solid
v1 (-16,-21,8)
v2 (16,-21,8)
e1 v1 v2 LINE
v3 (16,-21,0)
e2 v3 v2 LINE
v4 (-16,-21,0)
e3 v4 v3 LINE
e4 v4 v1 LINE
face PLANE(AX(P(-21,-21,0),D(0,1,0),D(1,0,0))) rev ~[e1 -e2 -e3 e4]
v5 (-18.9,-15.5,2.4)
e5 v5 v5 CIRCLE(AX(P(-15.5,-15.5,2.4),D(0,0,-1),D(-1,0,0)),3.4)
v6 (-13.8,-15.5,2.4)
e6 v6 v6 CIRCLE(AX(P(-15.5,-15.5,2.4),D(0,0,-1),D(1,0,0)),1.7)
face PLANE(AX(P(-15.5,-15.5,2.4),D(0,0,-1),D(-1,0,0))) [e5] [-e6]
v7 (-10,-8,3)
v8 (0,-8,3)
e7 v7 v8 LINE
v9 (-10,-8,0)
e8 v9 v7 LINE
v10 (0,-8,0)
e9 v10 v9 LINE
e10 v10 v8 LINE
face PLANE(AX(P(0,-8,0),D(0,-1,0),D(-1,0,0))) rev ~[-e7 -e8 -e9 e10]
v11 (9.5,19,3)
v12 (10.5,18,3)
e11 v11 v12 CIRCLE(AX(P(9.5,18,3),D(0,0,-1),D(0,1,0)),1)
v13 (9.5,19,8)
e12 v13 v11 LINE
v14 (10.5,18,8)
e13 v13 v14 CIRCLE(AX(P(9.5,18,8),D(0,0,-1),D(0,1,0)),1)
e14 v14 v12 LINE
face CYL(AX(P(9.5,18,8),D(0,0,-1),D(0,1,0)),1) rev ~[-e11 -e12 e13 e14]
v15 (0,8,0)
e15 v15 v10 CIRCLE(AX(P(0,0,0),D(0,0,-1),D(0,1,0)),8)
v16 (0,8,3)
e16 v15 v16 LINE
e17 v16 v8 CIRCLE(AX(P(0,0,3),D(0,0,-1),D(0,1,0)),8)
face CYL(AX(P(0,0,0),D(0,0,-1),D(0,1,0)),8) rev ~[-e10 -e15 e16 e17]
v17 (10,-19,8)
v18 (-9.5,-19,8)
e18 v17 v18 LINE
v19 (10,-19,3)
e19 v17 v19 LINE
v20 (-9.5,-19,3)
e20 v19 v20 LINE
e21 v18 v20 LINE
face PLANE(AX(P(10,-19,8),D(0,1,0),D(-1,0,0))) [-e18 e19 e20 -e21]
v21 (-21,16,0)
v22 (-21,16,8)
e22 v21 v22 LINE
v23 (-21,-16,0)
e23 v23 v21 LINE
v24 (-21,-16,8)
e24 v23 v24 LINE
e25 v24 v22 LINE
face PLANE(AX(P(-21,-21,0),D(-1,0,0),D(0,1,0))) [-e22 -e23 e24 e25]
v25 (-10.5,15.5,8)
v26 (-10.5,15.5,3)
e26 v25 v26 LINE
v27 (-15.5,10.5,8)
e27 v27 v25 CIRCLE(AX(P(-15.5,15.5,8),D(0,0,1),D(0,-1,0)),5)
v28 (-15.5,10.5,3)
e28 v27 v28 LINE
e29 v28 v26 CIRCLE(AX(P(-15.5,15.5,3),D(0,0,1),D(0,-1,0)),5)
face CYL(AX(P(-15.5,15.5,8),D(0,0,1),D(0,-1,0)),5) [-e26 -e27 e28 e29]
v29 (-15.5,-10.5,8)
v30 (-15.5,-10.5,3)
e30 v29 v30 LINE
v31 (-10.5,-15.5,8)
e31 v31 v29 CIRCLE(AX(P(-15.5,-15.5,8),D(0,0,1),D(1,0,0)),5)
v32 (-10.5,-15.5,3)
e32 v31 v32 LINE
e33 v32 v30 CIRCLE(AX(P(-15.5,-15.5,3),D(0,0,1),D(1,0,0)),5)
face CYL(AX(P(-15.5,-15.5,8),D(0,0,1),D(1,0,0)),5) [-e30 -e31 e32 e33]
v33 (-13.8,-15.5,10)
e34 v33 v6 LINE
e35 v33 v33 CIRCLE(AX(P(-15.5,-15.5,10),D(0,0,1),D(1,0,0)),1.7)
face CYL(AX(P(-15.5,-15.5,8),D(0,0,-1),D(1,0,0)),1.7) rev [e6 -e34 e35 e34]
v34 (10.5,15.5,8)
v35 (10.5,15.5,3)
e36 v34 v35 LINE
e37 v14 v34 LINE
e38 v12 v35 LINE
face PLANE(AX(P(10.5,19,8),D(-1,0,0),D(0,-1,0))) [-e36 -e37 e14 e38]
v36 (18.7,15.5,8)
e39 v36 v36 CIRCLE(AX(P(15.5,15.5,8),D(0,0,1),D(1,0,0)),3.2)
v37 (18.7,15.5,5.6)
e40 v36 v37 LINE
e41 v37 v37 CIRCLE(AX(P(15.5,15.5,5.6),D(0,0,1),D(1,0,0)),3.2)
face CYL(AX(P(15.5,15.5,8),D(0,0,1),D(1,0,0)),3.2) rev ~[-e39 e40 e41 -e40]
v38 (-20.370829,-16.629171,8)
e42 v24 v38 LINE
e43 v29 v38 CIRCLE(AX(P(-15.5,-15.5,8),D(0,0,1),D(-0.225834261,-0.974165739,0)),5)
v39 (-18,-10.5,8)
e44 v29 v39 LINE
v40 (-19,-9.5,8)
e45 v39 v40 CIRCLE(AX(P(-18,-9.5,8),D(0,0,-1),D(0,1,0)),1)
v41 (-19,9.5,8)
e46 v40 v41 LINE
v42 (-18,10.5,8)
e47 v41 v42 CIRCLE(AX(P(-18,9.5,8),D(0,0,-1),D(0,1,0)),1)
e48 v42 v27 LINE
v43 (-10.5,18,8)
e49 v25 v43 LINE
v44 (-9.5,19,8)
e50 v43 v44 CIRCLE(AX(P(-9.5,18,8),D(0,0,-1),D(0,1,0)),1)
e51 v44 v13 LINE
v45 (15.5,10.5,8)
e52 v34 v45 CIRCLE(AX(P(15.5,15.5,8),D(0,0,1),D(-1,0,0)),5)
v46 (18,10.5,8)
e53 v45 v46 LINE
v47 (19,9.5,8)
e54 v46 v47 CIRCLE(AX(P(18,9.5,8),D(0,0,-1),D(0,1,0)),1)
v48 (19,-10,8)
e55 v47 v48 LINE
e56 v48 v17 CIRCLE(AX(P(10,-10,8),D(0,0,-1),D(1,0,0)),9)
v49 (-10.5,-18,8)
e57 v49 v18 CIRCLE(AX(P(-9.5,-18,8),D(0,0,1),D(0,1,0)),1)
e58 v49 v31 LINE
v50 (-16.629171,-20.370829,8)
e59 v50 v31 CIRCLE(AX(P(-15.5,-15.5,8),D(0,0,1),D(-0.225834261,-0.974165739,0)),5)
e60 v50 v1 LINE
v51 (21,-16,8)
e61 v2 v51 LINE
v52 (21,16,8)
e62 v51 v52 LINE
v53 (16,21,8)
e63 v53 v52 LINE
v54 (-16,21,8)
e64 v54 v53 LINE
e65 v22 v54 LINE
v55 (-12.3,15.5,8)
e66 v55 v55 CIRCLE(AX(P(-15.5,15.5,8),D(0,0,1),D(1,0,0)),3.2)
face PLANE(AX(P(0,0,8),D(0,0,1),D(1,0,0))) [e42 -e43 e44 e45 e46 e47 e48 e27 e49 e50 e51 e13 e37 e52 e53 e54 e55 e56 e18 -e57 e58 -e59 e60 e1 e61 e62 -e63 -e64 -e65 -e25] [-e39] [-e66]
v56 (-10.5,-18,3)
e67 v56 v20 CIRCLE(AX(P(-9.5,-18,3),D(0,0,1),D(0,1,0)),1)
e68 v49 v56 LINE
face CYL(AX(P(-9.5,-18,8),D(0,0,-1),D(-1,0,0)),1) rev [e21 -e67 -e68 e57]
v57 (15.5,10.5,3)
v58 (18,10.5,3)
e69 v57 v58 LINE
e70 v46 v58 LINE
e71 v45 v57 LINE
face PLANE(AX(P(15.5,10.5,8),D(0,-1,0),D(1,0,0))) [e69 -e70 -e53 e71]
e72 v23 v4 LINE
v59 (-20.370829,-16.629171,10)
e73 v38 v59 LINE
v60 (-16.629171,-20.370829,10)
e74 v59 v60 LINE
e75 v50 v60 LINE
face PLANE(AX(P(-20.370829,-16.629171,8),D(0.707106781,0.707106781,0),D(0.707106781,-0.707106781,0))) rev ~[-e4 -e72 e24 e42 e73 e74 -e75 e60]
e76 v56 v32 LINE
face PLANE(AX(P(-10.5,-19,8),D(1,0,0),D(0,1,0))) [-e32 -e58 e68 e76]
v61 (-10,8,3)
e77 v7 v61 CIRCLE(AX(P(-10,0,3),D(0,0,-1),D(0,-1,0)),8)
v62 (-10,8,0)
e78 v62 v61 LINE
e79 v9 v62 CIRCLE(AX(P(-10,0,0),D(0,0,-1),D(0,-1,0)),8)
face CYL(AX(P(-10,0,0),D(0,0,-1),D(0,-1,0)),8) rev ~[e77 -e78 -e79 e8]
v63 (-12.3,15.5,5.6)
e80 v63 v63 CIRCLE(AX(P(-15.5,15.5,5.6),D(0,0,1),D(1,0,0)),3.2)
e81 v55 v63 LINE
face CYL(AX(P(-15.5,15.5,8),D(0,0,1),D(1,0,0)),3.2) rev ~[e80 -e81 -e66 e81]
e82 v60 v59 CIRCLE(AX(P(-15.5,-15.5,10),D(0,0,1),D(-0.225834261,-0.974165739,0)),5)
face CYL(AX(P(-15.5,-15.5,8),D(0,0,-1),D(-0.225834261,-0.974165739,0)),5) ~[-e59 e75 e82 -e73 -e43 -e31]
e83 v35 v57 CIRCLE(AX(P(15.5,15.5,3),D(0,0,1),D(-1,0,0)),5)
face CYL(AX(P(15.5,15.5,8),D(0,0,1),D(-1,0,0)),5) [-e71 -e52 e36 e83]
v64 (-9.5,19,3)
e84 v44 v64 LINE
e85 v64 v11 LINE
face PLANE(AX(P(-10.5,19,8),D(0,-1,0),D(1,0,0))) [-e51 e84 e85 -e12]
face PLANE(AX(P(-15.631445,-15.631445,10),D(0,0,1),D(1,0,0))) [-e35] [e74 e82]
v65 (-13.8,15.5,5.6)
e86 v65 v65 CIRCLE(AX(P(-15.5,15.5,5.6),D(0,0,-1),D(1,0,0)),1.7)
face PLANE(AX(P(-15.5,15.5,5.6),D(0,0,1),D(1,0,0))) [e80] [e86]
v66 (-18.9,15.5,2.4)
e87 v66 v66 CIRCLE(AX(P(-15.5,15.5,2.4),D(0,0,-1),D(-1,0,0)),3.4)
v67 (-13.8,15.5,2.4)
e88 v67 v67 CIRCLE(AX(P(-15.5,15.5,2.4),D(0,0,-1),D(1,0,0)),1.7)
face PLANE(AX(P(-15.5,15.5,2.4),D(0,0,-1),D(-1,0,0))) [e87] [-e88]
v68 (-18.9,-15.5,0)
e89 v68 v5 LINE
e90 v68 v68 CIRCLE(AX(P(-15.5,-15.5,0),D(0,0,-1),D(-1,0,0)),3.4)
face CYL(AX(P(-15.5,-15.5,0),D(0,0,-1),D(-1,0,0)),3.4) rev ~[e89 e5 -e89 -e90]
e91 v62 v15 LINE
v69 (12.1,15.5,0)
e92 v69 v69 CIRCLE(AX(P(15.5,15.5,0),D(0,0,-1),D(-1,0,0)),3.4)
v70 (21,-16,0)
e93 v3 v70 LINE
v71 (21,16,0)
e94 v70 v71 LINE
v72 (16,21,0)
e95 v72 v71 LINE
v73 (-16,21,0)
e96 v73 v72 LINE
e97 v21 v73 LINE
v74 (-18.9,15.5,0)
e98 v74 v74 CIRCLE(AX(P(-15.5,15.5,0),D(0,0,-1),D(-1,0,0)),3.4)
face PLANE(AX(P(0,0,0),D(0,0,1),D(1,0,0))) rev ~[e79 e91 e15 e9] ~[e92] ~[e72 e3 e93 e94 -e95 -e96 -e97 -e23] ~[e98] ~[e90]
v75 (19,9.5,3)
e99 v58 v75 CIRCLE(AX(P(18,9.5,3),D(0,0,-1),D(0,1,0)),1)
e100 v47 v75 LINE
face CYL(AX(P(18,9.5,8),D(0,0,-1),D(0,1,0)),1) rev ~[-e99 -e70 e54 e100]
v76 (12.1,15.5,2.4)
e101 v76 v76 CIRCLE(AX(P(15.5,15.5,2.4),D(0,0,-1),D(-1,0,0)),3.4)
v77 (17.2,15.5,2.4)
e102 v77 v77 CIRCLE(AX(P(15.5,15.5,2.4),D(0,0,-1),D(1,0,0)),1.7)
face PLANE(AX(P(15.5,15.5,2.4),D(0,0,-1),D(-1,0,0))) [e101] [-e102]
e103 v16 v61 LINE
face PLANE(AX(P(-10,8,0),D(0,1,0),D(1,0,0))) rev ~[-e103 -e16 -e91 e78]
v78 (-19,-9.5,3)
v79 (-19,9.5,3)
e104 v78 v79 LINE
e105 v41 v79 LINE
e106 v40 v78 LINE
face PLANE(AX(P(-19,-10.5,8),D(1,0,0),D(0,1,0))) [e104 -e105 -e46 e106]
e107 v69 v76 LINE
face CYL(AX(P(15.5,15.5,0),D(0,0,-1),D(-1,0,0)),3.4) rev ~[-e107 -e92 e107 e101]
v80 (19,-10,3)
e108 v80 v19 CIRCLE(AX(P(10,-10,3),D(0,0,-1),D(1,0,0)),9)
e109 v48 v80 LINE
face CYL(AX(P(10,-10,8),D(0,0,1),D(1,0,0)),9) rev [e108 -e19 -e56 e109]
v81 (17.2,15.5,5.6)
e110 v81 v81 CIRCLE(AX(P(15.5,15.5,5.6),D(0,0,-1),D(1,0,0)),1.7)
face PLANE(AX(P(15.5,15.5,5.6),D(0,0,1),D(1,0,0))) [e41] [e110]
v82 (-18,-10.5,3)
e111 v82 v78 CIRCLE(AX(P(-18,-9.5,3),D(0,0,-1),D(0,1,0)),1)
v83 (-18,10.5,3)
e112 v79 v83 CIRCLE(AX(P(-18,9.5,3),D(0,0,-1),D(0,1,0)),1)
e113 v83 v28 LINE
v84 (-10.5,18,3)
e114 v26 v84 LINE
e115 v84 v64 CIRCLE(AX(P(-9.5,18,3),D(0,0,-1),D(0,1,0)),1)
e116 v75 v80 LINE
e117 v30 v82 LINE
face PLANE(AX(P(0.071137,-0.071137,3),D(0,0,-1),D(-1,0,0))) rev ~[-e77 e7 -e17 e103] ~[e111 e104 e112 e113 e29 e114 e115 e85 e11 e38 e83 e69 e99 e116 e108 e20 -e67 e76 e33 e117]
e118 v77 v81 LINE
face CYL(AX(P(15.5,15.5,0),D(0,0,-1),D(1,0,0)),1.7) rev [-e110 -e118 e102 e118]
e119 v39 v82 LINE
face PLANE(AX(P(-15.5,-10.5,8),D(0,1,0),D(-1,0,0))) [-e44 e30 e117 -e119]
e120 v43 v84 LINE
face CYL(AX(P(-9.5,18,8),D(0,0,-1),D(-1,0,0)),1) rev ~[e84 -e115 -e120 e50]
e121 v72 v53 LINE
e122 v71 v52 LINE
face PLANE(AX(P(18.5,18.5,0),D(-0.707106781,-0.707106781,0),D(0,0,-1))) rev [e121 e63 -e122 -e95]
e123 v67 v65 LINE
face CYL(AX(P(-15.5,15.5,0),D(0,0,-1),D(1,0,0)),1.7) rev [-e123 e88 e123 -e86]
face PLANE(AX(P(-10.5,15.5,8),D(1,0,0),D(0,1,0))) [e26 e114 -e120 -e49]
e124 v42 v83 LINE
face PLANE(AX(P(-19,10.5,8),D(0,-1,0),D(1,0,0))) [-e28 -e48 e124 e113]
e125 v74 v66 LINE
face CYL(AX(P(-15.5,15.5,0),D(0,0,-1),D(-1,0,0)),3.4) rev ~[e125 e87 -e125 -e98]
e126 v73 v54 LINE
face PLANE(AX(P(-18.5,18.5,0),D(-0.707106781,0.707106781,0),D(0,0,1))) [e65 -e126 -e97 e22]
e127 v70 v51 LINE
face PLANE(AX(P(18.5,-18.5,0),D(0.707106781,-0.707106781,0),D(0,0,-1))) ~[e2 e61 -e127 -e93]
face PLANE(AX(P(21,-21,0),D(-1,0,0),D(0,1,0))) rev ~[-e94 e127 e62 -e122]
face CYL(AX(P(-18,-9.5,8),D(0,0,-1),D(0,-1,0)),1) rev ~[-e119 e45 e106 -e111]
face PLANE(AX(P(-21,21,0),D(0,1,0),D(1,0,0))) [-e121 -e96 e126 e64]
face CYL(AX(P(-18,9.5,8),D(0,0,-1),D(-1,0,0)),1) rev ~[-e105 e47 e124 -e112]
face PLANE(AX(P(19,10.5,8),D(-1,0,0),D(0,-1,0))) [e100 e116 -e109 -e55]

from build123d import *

# Parameters (mm, degrees)
SKETCH_1_W          = 42
SKETCH_1_H          = 42
SKETCH_1_R          = 1.7
EXTRUDE_1_DEPTH     = 8
CHAMFER_1_SIZE      = 5
CUT_EXTRUDE_1_DEPTH = 5
SKETCH_3_R          = 1.7
EXTRUDE_2_DEPTH     = 2
SKETCH_4_R          = 3.2
CUT_EXTRUDE_2_DEPTH = 2.4
SKETCH_5_R          = 3.4
CUT_EXTRUDE_3_DEPTH = 2.4
FILLET_1_R          = 1


with BuildPart() as part:
    # Эскиз1 → Бобышка-Вытянуть1 (new body)
    with BuildSketch(Plane.XY):
        Rectangle(SKETCH_1_W, SKETCH_1_H)
        with Locations((-15.5, -15.5)):
            Circle(SKETCH_1_R, mode=Mode.SUBTRACT)
        with Locations((-15.5, 15.5)):
            Circle(SKETCH_1_R, mode=Mode.SUBTRACT)
        with Locations((15.5, 15.5)):
            Circle(SKETCH_1_R, mode=Mode.SUBTRACT)
        with BuildLine():
            Line((0, -8), (-10, -8))
            ThreePointArc((-10, -8), (-18, 0), (-10, 8))
            Line((-10, 8), (0, 8))
            ThreePointArc((0, 8), (8, 0), (0, -8))
        make_face(mode=Mode.SUBTRACT)
    extrude(amount=EXTRUDE_1_DEPTH)

    # Фаска1
    chamfer_1_edges = [part.edges().sort_by_distance(p)[0] for p in [
        (-21, 21, 4),
        (21, 21, 4),
        (21, -21, 4),
        (-21, -21, 4),
    ]]
    chamfer(chamfer_1_edges, length=CHAMFER_1_SIZE)

    # Эскиз2 → Вырез-Вытянуть1 (cut)
    with BuildSketch(Plane.XY.offset(8)):
        with BuildLine():
            Line((-10.5, 15.5), (-10.5, 19))
            Line((-10.5, 19), (10.5, 19))
            Line((10.5, 19), (10.5, 15.5))
            ThreePointArc((10.5, 15.5), (11.964466094, 11.964466094), (15.5, 10.5))
            Line((15.5, 10.5), (19, 10.5))
            Line((19, 10.5), (19, -10))
            ThreePointArc((19, -10), (16.363961031, -16.363961031), (10, -19))
            Line((10, -19), (-10.5, -19))
            Line((-10.5, -19), (-10.5, -15.5))
            ThreePointArc((-10.5, -15.5), (-11.964466094, -11.964466094), (-15.5, -10.5))
            Line((-15.5, -10.5), (-19, -10.5))
            Line((-19, -10.5), (-19, 10.5))
            Line((-19, 10.5), (-15.5, 10.5))
            ThreePointArc((-15.5, 10.5), (-11.964466094, 11.964466094), (-10.5, 15.5))
        make_face()
    extrude(amount=-CUT_EXTRUDE_1_DEPTH, mode=Mode.SUBTRACT)

    # Эскиз3 → Бобышка-Вытянуть2 (add)
    with BuildSketch(Plane.XY.offset(8)):
        with BuildLine():
            Line((-20.370828693, -16.629171307), (-16.629171307, -20.370828693))
            ThreePointArc((-16.629171307, -20.370828693), (-11.964466094, -11.964466094), (-20.370828693, -16.629171307))
        make_face()
        with Locations((-15.5, -15.5)):
            Circle(SKETCH_3_R, mode=Mode.SUBTRACT)
    extrude(amount=EXTRUDE_2_DEPTH)

    # Эскиз4 → Вырез-Вытянуть2 (cut)
    with BuildSketch(Plane.XY.offset(8)):
        with Locations((-15.5, 15.5)):
            Circle(SKETCH_4_R)
        with Locations((15.5, 15.5)):
            Circle(SKETCH_4_R)
    extrude(amount=-CUT_EXTRUDE_2_DEPTH, mode=Mode.SUBTRACT)

    # Эскиз5 → Вырез-Вытянуть3 (cut)
    with BuildSketch(Plane(origin=(0, 0, 0), x_dir=(-1, 0, 0), z_dir=(0, 0, -1))):
        with Locations((-15.5, 15.5)):
            Circle(SKETCH_5_R)
        with Locations((15.5, 15.5)):
            Circle(SKETCH_5_R)
        with Locations((15.5, -15.5)):
            Circle(SKETCH_5_R)
    extrude(amount=-CUT_EXTRUDE_3_DEPTH, mode=Mode.SUBTRACT)

    # Скругление1
    fillet_1_edges = [part.edges().sort_by_distance(p)[0] for p in [
        (-10.5, 19, 5.5),
        (10.5, 19, 5.5),
        (19, 10.5, 5.5),
        (-10.5, -19, 5.5),
        (-19, -10.5, 5.5),
        (-19, 10.5, 5.5),
    ]]
    fillet(fillet_1_edges, radius=FILLET_1_R)


solid = part.part
